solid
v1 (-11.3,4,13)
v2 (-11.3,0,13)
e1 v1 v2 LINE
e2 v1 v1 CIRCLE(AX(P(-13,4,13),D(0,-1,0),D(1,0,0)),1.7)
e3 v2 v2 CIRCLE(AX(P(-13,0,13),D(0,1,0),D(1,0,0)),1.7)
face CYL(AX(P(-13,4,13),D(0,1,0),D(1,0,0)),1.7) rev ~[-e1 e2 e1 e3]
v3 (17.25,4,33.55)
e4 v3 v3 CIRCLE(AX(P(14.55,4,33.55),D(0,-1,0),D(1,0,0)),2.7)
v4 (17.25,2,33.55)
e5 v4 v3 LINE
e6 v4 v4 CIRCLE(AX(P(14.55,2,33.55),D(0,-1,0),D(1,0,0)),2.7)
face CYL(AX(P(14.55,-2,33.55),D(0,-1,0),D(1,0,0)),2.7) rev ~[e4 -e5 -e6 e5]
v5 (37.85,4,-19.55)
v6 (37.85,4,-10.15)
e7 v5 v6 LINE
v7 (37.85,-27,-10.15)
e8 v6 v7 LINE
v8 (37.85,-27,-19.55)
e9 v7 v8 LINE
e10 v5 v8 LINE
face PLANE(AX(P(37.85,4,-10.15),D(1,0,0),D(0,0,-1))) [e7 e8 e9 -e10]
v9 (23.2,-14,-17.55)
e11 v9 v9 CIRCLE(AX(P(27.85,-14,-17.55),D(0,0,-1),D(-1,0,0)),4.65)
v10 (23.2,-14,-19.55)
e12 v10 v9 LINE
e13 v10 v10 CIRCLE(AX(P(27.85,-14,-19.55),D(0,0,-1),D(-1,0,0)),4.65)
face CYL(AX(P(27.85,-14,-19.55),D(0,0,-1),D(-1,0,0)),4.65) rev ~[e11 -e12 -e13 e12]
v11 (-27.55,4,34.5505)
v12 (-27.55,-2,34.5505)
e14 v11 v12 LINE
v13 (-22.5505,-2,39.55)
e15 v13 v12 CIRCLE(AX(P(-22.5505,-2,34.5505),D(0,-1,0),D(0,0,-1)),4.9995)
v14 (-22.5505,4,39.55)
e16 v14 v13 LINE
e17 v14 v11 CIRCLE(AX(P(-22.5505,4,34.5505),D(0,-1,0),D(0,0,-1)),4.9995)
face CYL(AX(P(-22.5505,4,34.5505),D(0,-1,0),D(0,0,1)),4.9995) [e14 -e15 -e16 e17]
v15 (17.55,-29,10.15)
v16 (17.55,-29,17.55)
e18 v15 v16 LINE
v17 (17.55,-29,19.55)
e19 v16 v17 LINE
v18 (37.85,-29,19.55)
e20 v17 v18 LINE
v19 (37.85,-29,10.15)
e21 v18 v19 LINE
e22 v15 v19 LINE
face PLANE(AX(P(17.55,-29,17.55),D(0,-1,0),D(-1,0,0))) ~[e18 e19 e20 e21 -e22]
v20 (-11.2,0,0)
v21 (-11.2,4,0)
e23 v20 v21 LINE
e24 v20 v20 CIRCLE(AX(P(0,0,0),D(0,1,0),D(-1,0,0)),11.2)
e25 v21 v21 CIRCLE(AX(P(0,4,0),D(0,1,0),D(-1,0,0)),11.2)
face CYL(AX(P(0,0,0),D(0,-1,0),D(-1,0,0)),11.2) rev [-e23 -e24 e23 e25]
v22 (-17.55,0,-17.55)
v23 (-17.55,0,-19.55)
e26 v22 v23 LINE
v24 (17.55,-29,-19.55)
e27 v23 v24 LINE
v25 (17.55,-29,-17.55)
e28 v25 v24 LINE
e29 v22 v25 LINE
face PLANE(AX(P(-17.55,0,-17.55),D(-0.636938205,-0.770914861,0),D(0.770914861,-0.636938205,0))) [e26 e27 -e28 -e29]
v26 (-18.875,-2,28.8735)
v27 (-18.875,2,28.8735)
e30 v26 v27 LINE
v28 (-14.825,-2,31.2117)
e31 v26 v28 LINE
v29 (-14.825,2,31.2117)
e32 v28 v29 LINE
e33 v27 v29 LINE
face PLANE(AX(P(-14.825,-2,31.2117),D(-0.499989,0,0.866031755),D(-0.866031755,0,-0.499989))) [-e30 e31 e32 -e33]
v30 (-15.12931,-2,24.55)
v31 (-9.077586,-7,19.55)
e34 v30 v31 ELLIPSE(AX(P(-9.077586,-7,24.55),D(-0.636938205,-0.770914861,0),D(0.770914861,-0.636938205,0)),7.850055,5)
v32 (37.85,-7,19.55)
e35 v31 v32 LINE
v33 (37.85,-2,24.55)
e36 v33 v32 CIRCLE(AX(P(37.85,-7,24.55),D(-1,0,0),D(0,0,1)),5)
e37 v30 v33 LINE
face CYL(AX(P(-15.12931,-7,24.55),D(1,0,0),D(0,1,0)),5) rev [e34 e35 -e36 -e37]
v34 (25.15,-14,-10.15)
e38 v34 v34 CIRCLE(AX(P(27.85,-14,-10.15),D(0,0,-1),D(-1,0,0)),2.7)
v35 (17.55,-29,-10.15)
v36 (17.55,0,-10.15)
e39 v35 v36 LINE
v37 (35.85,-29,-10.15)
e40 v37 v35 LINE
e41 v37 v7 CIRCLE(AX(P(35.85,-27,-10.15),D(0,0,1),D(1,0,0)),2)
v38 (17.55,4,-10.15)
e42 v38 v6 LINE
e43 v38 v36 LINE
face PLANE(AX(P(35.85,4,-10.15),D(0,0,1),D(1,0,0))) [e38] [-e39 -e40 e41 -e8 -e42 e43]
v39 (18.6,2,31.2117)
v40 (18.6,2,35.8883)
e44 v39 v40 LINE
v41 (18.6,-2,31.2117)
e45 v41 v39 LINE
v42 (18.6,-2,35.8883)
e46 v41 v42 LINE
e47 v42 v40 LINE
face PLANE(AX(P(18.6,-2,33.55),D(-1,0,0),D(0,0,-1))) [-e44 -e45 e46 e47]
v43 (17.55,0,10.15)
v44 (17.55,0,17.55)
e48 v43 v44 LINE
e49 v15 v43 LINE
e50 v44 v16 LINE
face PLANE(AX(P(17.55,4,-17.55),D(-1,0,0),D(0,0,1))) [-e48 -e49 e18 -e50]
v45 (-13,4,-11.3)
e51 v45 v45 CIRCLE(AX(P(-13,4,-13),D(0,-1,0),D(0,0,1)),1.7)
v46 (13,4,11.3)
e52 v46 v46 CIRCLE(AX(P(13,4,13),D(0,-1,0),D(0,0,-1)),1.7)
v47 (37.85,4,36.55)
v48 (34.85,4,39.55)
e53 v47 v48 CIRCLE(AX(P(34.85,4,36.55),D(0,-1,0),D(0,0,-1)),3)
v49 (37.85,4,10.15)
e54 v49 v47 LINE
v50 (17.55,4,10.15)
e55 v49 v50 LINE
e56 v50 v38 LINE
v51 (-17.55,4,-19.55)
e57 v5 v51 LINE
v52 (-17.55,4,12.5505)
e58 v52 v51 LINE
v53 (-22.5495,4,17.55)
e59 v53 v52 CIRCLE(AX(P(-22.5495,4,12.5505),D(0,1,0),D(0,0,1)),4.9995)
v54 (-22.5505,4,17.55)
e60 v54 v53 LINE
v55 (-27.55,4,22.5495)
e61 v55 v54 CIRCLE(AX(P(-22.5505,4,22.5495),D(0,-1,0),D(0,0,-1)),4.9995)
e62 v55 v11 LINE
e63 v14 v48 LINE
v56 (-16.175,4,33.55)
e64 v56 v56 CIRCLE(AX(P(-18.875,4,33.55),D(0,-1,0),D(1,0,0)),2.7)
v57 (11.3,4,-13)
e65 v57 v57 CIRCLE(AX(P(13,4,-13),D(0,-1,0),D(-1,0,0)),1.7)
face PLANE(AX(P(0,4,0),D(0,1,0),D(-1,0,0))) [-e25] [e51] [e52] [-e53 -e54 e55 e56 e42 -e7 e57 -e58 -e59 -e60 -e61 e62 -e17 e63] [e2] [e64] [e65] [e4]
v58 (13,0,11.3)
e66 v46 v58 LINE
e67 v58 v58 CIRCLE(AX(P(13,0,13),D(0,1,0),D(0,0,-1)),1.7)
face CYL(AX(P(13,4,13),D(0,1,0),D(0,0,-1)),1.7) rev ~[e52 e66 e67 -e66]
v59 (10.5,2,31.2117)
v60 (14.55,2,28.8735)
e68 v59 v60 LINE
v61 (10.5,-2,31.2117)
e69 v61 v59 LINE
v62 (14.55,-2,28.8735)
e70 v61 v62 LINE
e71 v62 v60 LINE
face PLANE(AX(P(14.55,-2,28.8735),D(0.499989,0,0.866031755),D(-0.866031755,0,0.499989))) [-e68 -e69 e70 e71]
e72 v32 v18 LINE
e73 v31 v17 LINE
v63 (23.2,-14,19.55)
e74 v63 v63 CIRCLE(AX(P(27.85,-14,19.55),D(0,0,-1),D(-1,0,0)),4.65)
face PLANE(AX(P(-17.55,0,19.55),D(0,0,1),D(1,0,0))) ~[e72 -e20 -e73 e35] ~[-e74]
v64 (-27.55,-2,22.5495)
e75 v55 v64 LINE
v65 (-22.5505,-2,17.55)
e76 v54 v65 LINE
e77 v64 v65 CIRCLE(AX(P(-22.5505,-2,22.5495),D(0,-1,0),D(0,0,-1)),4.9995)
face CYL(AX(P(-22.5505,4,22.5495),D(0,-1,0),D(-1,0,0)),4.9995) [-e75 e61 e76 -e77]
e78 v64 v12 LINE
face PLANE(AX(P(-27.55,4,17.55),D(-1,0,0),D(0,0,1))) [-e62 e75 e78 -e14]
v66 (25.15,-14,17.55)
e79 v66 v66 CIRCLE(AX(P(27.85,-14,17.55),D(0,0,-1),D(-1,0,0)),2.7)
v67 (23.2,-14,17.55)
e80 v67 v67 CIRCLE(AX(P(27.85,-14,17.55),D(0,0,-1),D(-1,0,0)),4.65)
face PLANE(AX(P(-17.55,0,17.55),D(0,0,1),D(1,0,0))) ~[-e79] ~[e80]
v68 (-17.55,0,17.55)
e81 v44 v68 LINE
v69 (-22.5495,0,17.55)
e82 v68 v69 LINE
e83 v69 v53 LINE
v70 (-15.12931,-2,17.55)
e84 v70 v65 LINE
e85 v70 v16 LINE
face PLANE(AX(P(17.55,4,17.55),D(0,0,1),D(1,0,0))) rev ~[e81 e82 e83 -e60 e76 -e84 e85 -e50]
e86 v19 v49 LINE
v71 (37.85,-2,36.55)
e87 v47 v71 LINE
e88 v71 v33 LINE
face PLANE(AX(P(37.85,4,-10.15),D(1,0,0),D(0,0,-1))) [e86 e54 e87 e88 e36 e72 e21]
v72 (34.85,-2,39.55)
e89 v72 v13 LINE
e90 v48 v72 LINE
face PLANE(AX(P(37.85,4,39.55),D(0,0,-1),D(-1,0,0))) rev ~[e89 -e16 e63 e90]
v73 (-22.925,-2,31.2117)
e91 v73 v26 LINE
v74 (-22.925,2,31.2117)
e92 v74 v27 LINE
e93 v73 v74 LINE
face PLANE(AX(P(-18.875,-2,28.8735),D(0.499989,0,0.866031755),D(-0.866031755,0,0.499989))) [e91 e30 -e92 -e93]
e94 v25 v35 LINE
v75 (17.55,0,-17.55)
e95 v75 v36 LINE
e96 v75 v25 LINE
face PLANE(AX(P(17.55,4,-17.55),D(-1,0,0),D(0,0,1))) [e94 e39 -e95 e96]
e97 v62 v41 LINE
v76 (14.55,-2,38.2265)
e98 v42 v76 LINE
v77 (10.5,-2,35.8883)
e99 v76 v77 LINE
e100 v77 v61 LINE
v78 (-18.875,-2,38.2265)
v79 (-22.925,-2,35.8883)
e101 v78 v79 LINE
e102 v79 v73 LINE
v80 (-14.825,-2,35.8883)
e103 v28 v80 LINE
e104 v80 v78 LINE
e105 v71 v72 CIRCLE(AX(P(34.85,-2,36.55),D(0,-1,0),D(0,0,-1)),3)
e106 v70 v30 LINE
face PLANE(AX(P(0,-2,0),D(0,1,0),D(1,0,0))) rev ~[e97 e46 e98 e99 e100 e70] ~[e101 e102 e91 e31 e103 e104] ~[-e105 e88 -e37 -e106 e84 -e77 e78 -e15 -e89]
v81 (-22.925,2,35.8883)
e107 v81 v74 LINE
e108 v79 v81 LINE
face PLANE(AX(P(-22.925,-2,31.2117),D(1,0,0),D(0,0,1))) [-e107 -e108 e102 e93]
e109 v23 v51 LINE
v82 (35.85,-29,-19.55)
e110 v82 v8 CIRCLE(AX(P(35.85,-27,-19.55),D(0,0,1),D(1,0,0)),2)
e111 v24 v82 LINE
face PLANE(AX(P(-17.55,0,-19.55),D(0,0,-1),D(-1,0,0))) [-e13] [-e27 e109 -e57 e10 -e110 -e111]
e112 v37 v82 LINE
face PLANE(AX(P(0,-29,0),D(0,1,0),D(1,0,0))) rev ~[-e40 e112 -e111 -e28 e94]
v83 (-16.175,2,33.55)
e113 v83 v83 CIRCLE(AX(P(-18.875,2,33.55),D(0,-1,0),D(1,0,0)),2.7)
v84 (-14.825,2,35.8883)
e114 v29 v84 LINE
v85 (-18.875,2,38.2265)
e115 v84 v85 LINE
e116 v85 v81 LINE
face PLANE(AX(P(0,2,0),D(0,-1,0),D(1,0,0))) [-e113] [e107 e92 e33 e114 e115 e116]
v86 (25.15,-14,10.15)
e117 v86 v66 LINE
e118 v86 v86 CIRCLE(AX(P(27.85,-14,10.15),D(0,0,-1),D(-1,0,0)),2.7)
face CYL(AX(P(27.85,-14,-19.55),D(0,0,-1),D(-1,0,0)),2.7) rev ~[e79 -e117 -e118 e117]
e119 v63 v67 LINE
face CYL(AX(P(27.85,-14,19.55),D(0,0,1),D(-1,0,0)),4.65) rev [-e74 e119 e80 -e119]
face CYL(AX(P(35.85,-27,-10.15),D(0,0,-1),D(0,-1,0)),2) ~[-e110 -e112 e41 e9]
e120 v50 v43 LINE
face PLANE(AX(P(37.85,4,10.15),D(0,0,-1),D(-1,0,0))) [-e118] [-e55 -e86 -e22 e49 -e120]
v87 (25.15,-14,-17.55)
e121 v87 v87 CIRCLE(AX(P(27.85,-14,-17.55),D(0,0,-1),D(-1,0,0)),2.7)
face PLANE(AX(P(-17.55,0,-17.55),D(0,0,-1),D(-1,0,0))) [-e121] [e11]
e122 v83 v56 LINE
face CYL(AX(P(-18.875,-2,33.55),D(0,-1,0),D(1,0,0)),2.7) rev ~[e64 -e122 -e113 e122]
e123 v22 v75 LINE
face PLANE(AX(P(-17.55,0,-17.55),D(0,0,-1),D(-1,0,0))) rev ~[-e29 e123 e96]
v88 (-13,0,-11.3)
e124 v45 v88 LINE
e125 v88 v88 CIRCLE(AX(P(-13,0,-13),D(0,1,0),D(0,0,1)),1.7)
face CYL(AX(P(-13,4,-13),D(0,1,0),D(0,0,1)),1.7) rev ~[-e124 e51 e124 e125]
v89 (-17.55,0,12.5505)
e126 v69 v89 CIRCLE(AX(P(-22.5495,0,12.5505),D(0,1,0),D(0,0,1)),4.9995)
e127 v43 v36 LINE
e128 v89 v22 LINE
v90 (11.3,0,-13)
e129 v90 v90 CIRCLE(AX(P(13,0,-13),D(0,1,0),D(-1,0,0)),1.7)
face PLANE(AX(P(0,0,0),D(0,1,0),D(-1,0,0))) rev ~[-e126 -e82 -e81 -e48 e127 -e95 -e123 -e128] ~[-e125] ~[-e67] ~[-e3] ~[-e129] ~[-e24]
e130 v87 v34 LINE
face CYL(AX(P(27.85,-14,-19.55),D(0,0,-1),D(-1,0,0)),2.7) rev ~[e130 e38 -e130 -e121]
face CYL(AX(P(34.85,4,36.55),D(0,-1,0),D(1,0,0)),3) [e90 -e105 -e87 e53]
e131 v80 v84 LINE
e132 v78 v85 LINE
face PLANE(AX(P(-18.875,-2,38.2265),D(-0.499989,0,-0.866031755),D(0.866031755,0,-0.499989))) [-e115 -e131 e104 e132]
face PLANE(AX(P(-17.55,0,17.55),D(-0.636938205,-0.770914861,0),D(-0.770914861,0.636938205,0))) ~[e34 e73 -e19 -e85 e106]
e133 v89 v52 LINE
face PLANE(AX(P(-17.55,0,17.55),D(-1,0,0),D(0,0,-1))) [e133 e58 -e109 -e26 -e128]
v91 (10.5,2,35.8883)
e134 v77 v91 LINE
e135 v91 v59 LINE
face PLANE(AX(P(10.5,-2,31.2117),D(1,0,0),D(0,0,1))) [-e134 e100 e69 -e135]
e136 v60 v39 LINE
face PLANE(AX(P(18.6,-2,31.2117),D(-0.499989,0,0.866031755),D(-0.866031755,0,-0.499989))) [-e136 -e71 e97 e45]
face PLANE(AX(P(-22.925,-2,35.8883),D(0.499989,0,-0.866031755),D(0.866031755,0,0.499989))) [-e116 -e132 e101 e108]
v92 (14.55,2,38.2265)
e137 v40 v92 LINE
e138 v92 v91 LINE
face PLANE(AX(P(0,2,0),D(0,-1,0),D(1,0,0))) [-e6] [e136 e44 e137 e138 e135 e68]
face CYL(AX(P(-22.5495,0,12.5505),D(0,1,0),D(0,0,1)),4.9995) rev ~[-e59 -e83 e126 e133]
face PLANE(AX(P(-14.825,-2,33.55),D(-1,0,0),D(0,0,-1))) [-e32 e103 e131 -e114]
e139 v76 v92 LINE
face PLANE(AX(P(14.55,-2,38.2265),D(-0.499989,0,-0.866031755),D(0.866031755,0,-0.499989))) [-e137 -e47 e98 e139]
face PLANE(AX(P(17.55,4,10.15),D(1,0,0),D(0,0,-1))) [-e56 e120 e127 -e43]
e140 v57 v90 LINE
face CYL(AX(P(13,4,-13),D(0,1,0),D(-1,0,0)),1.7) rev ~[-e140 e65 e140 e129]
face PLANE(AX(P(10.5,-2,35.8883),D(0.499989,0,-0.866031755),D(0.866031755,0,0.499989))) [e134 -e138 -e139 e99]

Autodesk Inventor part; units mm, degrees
ref_plane "YZ Plane" through (0, 0, 0) normal (1, 0, 0) x (0, 1, 0)
ref_plane "XZ Plane" through (0, 0, 0) normal (0, 1, 0) x (-1, 0, 0)
ref_plane "XY Plane" through (0, 0, 0) normal (0, 0, 1) x (1, 0, 0)
sketch "Boceto1" plane through (0, 0, 0) normal (0, 1, 0) x (-1, 0, 0)
  line L0 (-17.55, 17.55) -> (17.55, 17.55)
  line L1 (17.55, 17.55) -> (17.55, -17.55)
  line L2 (17.55, -17.55) -> (-17.55, -17.55)
  line L3 (-17.55, -17.55) -> (-17.55, 17.55)
  line L4 (-17.55, 17.55) -> (17.55, -17.55) construction
  line L5 (17.55, 17.55) -> (-17.55, -17.55) construction
  circle A0 centre (0, 0) radius 11.2
  point P0 (0, 0)
  dimension "d0" = 35.1
  dimension "d1" = 35.1
  dimension "d2" = 22.4
extrude "Extrusión1" add sketch "Boceto1" along normal blind 4
sketch "Boceto2" plane through (0, 4, 0) normal (0, 1, 0) x (1, 0, 0)
  circle A0 centre (-13, -13) radius 1.7
  line L0 (13, -13) -> (-13, -13)
  line L1 (-13, -13) -> (-13, 13)
  line L2 (-13, 13) -> (13, 13)
  line L3 (13, 13) -> (13, -13)
  line L4 (13, -13) -> (-13, 13) construction
  line L5 (-13, -13) -> (13, 13) construction
  point P0 (0, 0)
  dimension "d5" = 26
  dimension "d6" = 26
  dimension "d7" = 3.4
extrude "Extrusión2" cut sketch "Boceto2" against normal through all contours L0 L1 A0 | A0 L1 L0
pattern_circular "Patrón circular1" count 4 over 360 about axis through (0, 0, 0) along (0, 1, 0) of "Extrusión2"
sketch "Boceto13" plane through (0, 4, 0) normal (0, 1, 0) x (1, 0, 0)
  line L0 (-17.55, -17.55) -> (17.55, -17.55) projected
  line L1 (17.55, -17.55) -> (37.85, -17.55)
  line L2 (37.85, -17.55) -> (37.85, 17.55)
  line L3 (37.85, 17.55) -> (17.55, 17.55)
  line L4 (17.55, 17.55) -> (17.55, -17.55)
  line L5 (17.55, 17.55) -> (-17.55, 17.55) projected
  line L6 (41.5, -10.15) -> (21.2, -10.15)
  line L7 (21.2, -10.15) -> (21.2, 10.15)
  line L8 (21.2, 10.15) -> (41.5, 10.15)
  line L9 (41.5, 10.15) -> (41.5, -10.15)
  line L10 (41.5, -10.15) -> (21.2, 10.15) construction
  line L11 (21.2, -10.15) -> (41.5, 10.15) construction
  circle A0 centre (27.85, 0) radius 2.7
  point P0 (0, 0)
  point P1 (31.35, 0)
  dimension "d43" = 20.3
  dimension "d44" = 20.3
  dimension "d45" = 20.3
  dimension "d61" = 5.4
  dimension "d62" = 10
extrude "Extrusión8" add sketch "Boceto13" against normal blind 33 contours L4 L3 L2 L8 L7 L6 L1 | L6 L7 L8 L2
sketch "Boceto14" plane through (0, -29, 0) normal (0, -1, 0) x (1, 0, 0)
  line L0 (17.55, 17.55) -> (17.55, -17.55) projected
  line L1 (37.85, -10.15) -> (17.55, -10.15)
  line L2 (17.55, -10.15) -> (17.55, 10.15)
  line L3 (17.55, 10.15) -> (37.85, 10.15)
  line L4 (37.85, 10.15) -> (37.85, -10.15)
  line L5 (37.85, -10.15) -> (17.55, 10.15) construction
  line L6 (17.55, -10.15) -> (37.85, 10.15) construction
  line L7 (37.85, -17.55) -> (37.85, 17.55) projected
  circle A0 centre (27.85, 0) radius 2.7 projected
  point P0 (0, 0)
  point P1 (27.7, 0)
  point P2 (17.55, -10.15)
  point P3 (27.7, 0)
  dimension "d49" = 20.3
extrude "Extrusión9" cut sketch "Boceto14" against normal up to surface (29 mm away) contours L3 L4 L1 L0 | A0
sketch "Boceto15" plane through (-17.55, 0, -17.55) normal (0, 0, -1) x (-1, 0, 0)
  line L0 (-35.1, 0) -> (0, 0) projected
  line L1 (0, 0) -> (0, 4) projected
  line L2 (-55.4, 4) -> (0, 4) projected
  line L3 (-55.4, 4) -> (-55.4, -29) projected
  line L4 (-35.1, -29) -> (-55.4, -29) projected
  line L5 (-35.1, 0) -> (-35.1, -29) projected
  line L6 (0, 0) -> (0, 4) projected
  line L7 (-35.1, -29) -> (-55.4, -29) projected
  line L8 (0, 0) -> (-35.1, -29)
  point P0 (-17.55, 0)
extrude "Extrusión10" add sketch "Boceto15" along normal blind 2
mirror "Simetría1" about plane through (0, 0, 0) normal (0, 0, 1) of "Extrusión10"
sketch "Boceto16" plane through (-17.55, 0, -19.55) normal (0, 0, -1) x (-1, 0, 0)
  circle A0 centre (-45.4, -14) radius 2.7
  line L0 (-55.4, 4) -> (-55.4, -29) projected
  line L1 (-55.4, -29) -> (-35.1, -29) projected
  point P0 (-17.55, 0)
  dimension "d54" = 10
  dimension "d55" = 5.4
  dimension "d57" = 15
extrude "Extrusión11" cut sketch "Boceto16" against normal through all
fillet "Empalme1" radius 2 1 edges at (37.85, -29, -14.85)
sketch "Boceto17" plane through (-17.55, 0, -19.55) normal (0, 0, -1) x (-1, 0, 0)
  circle A0 centre (-45.4, -14) radius 2.7 projected
  circle A1 centre (-45.4, -14) radius 4.65
  point P0 (-17.55, 0)
  dimension "d63" = 9.3
extrude "Extrusión12" cut sketch "Boceto17" against normal blind 2 contours A0 | A1
sketch "Boceto18" plane through (0, 4, 0) normal (0, 1, 0) x (1, 0, 0)
  circle A0 centre (27.85, 0) radius 2.7 projected
  circle A1 centre (27.85, 0) radius 4.6
  point P0 (0, 0)
  dimension "d66" = 9.2
extrude "Extrusión13" cut sketch "Boceto18" against normal blind 2 contours A0 | A1
mirror "Simetría2" about plane through (0, 0, 0) normal (0, 0, 1) of "Extrusión12"
sketch "Boceto19" plane through (0, 4, 0) normal (0, 1, 0) x (1, 0, 0)
  line L0 (17.55, -17.55) -> (-17.55, -17.55) projected
  line L1 (-17.55, 17.55) -> (-17.55, -17.55) projected
  line L2 (-17.55, -17.55) -> (37.85, -17.55)
  line L3 (37.85, -17.55) -> (37.85, -39.55)
  line L4 (37.85, -39.55) -> (-17.55, -39.55)
  line L5 (-17.55, -39.55) -> (-17.55, -17.55)
  line L6 (-17.55, -19.55) -> (37.85, -19.55) projected
  line L7 (37.85, -19.55) -> (37.85, 19.55) projected
  line L8 (-17.55, -17.55) -> (-17.55, -19.55) projected
  line L9 (-17.55, -17.55) -> (-27.55, -17.55)
  line L10 (-27.55, -17.55) -> (-27.55, -39.55)
  line L11 (-27.55, -39.55) -> (-17.55, -39.55)
  line L12 (-17.55, -39.55) -> (-17.55, -17.55)
  point P0 (0, 0)
  dimension "d69" = 20
  dimension "d86" = 10
extrude "Extrusión14" add sketch "Boceto19" against normal blind 6
sketch "Boceto20" plane through (0, -2, 0) normal (0, -1, 0) x (1, 0, 0)
  circle A0 centre (-18.875, 33.55) radius 2.7
  circle A1 centre (14.55, 33.55) radius 2.7
  line L0 (37.85, 19.55) -> (37.85, 39.55) projected
  line L1 (-27.55, 39.55) -> (-27.55, 17.55) projected
  line L2 (37.85, 39.55) -> (-27.55, 39.55) projected
  point P0 (0, 0)
  dimension "d72" = 5.4
  dimension "d74" = 23.3
  dimension "d87" = 8.675
  dimension "d88" = 6
extrude "Extrusión15" cut sketch "Boceto20" against normal through all
sketch "Boceto21" plane through (0, -2, 0) normal (0, -1, 0) x (1, 0, 0)
  circle A0 centre (-18.875, 33.55) radius 2.7 projected
  circle A1 centre (-18.875, 33.55) radius 4.05
  circle A2 centre (14.55, 33.55) radius 2.7 projected
  circle A3 centre (14.55, 33.55) radius 4.05
  line L0 (14.55, 38.2265) -> (18.6, 35.8883)
  line L1 (18.6, 35.8883) -> (18.6, 31.2117)
  line L2 (18.6, 31.2117) -> (14.55, 28.8735)
  line L3 (14.55, 28.8735) -> (10.5, 31.2117)
  line L4 (10.5, 31.2117) -> (10.5, 35.8883)
  line L5 (10.5, 35.8883) -> (14.55, 38.2265)
  line L6 (-18.875, 38.2265) -> (-14.825, 35.8883)
  line L7 (-14.825, 35.8883) -> (-14.825, 31.2117)
  line L8 (-14.825, 31.2117) -> (-18.875, 28.8735)
  line L9 (-18.875, 28.8735) -> (-22.925, 31.2117)
  line L10 (-22.925, 31.2117) -> (-22.925, 35.8883)
  line L11 (-22.925, 35.8883) -> (-18.875, 38.2265)
  point P0 (0, 0)
  dimension "d79" = 8.1
extrude "Extrusión16" cut sketch "Boceto21" against normal blind 4 contours A0 | A1 | L7 L8 A1 | A1 L6 L7 | A1 L11 L6 | L8 L9 A1 | A1 L10 L11 | L9 L10 A1 | A2 | A3 | L1 L2 A3 | A3 L0 L1 | A3 L5 L0 | L2 L3 A3 | A3 L4 L5 | L3 L4 A3
fillet "Empalme2" radius 3 1 edges at (37.85, 1, 39.55)
fillet "Empalme3" radius 5 1 edges at (11.3603, -2, 19.55)
sketch "Boceto22" plane through (0, 4, 0) normal (0, 1, 0) x (1, 0, 0)
  line L0 (37.85, -10.15) -> (37.85, 10.15) projected
  line L1 (35.85, 10.15) -> (17.55, 10.15) projected
  line L2 (37.85, -10.15) -> (17.55, -10.15)
  line L3 (17.55, -10.15) -> (17.55, 10.15)
  line L4 (17.55, 10.15) -> (37.85, 10.15)
  line L5 (37.85, 10.15) -> (37.85, -10.15)
  line L6 (17.55, 10.15) -> (17.55, 17.55) projected
  point P0 (0, 0)
extrude "Extrusión17" cut sketch "Boceto22" against normal through all
fillet "Empalme4" radius 5 3 edges at (-27.55, 1, 39.55) (-27.55, 1, 17.55) (-17.55, 2, 17.55)
sketch "Boceto24" plane through (0, -2, 0) normal (0, -1, 0) x (1, 0, 0)
  point P0 (0, 0)
sketch "Boceto7" plane through (17.55, 0, -17.55) normal (0, 0, -1) x (-1, 0, 0)
  line L0 (35.1, 0) -> (35.1, 4) projected
  line L1 (35.1, 4) -> (-20.3, 4)
  line L2 (-20.3, 4) -> (-20.3, -26)
  line L3 (-20.3, -26) -> (35.1, -26)
  line L4 (35.1, -26) -> (35.1, 4)
  line L5 (0, 0) -> (0, 4) projected
  point P0 (17.55, 0)
  point P1 (35.6, 0)
  dimension "d23" = 20.3
  dimension "d24" = 30
sketch "Boceto8" plane through (0, 3, 0) normal (0, 1, 0) x (1, 0, 0)
  line L0 (17.8, 17.8) -> (-17.8, 17.8) projected
  line L1 (17.8, -17.8) -> (16.8, -17.8)
  line L2 (16.8, -17.8) -> (16.8, 17.8)
  line L3 (16.8, 17.8) -> (17.8, 17.8)
  line L4 (17.8, 17.8) -> (17.8, -17.8)
  point P0 (0, 0)
  dimension "d27" = 1
sketch "Boceto9" plane through (17.8, 0, -21.8) normal (0, 0, -1) x (-1, 0, 0)
  circle A0 centre (-10.3, -4.5) radius 2.7
  circle A1 centre (-10.3, -19.5) radius 2.7
  line L0 (-20.3, 3) -> (-20.3, -27) projected
  line L1 (35.6, 3) -> (-20.3, 3) projected
  line L2 (-20.3, -27) -> (35.6, -27) projected
  point P0 (17.8, 0)
  dimension "d30" = 5.4
  dimension "d31" = 10
  dimension "d32" = 7.5
  dimension "d33" = 7.5
  dimension "d41" = 80
  dimension "d42" = 20.3
sketch "Boceto10" plane through (17.8, 0, -17.8) normal (0, 0, 1) x (1, 0, 0)
  line L0 (20.3, 3) -> (20.3, -27) projected
  line L1 (-1, 3) -> (20.3, 3) projected
  line L2 (20.3, -27) -> (0.3, -27)
  line L3 (0.3, -27) -> (0.3, 3)
  line L4 (0.3, 3) -> (20.3, 3)
  line L5 (20.3, 3) -> (20.3, -27)
  circle A0 centre (10.3, -4.5) radius 2.7 projected
  circle A1 centre (10.3, -19.5) radius 2.7 projected
  line L6 (-1, 0) -> (-35.6, 0) projected
  line L7 (-35.6, -27) -> (-35.6, 0) projected
  line L8 (20.3, -27) -> (-35.6, -27) projected
  line L9 (20.3, 3) -> (20.3, -27) projected
  line L10 (-1, 3) -> (20.3, 3) projected
  line L11 (-1, 3) -> (-1, 0) projected
  point P0 (-17.8, 0)
  dimension "d36" = 20
sketch "Boceto3" plane through (-17.55, 0, 17.55) normal (0, 0, 1) x (1, 0, 0)
  line L0 (0, 0) -> (0, 4) projected
  line L1 (0, 4) -> (55.4, 4)
  line L2 (55.4, 4) -> (55.4, -30)
  line L3 (55.4, -30) -> (0, -30)
  line L4 (0, -30) -> (0, 4)
  line L5 (35.1, 0) -> (35.1, 4) projected
  line L6 (0, 0) -> (35.1, 0) projected
  point P0 (17.55, 0)
  dimension "d13" = 20.3
  dimension "d14" = 30
  dimension "d17" = 5.4
  dimension "d18" = 10
  dimension "d19" = 7.5
  dimension "d20" = 7.5
  dimension "d21" = 20.3
  dimension "d22" = 20.3
properties part number "NEMA14 support"
